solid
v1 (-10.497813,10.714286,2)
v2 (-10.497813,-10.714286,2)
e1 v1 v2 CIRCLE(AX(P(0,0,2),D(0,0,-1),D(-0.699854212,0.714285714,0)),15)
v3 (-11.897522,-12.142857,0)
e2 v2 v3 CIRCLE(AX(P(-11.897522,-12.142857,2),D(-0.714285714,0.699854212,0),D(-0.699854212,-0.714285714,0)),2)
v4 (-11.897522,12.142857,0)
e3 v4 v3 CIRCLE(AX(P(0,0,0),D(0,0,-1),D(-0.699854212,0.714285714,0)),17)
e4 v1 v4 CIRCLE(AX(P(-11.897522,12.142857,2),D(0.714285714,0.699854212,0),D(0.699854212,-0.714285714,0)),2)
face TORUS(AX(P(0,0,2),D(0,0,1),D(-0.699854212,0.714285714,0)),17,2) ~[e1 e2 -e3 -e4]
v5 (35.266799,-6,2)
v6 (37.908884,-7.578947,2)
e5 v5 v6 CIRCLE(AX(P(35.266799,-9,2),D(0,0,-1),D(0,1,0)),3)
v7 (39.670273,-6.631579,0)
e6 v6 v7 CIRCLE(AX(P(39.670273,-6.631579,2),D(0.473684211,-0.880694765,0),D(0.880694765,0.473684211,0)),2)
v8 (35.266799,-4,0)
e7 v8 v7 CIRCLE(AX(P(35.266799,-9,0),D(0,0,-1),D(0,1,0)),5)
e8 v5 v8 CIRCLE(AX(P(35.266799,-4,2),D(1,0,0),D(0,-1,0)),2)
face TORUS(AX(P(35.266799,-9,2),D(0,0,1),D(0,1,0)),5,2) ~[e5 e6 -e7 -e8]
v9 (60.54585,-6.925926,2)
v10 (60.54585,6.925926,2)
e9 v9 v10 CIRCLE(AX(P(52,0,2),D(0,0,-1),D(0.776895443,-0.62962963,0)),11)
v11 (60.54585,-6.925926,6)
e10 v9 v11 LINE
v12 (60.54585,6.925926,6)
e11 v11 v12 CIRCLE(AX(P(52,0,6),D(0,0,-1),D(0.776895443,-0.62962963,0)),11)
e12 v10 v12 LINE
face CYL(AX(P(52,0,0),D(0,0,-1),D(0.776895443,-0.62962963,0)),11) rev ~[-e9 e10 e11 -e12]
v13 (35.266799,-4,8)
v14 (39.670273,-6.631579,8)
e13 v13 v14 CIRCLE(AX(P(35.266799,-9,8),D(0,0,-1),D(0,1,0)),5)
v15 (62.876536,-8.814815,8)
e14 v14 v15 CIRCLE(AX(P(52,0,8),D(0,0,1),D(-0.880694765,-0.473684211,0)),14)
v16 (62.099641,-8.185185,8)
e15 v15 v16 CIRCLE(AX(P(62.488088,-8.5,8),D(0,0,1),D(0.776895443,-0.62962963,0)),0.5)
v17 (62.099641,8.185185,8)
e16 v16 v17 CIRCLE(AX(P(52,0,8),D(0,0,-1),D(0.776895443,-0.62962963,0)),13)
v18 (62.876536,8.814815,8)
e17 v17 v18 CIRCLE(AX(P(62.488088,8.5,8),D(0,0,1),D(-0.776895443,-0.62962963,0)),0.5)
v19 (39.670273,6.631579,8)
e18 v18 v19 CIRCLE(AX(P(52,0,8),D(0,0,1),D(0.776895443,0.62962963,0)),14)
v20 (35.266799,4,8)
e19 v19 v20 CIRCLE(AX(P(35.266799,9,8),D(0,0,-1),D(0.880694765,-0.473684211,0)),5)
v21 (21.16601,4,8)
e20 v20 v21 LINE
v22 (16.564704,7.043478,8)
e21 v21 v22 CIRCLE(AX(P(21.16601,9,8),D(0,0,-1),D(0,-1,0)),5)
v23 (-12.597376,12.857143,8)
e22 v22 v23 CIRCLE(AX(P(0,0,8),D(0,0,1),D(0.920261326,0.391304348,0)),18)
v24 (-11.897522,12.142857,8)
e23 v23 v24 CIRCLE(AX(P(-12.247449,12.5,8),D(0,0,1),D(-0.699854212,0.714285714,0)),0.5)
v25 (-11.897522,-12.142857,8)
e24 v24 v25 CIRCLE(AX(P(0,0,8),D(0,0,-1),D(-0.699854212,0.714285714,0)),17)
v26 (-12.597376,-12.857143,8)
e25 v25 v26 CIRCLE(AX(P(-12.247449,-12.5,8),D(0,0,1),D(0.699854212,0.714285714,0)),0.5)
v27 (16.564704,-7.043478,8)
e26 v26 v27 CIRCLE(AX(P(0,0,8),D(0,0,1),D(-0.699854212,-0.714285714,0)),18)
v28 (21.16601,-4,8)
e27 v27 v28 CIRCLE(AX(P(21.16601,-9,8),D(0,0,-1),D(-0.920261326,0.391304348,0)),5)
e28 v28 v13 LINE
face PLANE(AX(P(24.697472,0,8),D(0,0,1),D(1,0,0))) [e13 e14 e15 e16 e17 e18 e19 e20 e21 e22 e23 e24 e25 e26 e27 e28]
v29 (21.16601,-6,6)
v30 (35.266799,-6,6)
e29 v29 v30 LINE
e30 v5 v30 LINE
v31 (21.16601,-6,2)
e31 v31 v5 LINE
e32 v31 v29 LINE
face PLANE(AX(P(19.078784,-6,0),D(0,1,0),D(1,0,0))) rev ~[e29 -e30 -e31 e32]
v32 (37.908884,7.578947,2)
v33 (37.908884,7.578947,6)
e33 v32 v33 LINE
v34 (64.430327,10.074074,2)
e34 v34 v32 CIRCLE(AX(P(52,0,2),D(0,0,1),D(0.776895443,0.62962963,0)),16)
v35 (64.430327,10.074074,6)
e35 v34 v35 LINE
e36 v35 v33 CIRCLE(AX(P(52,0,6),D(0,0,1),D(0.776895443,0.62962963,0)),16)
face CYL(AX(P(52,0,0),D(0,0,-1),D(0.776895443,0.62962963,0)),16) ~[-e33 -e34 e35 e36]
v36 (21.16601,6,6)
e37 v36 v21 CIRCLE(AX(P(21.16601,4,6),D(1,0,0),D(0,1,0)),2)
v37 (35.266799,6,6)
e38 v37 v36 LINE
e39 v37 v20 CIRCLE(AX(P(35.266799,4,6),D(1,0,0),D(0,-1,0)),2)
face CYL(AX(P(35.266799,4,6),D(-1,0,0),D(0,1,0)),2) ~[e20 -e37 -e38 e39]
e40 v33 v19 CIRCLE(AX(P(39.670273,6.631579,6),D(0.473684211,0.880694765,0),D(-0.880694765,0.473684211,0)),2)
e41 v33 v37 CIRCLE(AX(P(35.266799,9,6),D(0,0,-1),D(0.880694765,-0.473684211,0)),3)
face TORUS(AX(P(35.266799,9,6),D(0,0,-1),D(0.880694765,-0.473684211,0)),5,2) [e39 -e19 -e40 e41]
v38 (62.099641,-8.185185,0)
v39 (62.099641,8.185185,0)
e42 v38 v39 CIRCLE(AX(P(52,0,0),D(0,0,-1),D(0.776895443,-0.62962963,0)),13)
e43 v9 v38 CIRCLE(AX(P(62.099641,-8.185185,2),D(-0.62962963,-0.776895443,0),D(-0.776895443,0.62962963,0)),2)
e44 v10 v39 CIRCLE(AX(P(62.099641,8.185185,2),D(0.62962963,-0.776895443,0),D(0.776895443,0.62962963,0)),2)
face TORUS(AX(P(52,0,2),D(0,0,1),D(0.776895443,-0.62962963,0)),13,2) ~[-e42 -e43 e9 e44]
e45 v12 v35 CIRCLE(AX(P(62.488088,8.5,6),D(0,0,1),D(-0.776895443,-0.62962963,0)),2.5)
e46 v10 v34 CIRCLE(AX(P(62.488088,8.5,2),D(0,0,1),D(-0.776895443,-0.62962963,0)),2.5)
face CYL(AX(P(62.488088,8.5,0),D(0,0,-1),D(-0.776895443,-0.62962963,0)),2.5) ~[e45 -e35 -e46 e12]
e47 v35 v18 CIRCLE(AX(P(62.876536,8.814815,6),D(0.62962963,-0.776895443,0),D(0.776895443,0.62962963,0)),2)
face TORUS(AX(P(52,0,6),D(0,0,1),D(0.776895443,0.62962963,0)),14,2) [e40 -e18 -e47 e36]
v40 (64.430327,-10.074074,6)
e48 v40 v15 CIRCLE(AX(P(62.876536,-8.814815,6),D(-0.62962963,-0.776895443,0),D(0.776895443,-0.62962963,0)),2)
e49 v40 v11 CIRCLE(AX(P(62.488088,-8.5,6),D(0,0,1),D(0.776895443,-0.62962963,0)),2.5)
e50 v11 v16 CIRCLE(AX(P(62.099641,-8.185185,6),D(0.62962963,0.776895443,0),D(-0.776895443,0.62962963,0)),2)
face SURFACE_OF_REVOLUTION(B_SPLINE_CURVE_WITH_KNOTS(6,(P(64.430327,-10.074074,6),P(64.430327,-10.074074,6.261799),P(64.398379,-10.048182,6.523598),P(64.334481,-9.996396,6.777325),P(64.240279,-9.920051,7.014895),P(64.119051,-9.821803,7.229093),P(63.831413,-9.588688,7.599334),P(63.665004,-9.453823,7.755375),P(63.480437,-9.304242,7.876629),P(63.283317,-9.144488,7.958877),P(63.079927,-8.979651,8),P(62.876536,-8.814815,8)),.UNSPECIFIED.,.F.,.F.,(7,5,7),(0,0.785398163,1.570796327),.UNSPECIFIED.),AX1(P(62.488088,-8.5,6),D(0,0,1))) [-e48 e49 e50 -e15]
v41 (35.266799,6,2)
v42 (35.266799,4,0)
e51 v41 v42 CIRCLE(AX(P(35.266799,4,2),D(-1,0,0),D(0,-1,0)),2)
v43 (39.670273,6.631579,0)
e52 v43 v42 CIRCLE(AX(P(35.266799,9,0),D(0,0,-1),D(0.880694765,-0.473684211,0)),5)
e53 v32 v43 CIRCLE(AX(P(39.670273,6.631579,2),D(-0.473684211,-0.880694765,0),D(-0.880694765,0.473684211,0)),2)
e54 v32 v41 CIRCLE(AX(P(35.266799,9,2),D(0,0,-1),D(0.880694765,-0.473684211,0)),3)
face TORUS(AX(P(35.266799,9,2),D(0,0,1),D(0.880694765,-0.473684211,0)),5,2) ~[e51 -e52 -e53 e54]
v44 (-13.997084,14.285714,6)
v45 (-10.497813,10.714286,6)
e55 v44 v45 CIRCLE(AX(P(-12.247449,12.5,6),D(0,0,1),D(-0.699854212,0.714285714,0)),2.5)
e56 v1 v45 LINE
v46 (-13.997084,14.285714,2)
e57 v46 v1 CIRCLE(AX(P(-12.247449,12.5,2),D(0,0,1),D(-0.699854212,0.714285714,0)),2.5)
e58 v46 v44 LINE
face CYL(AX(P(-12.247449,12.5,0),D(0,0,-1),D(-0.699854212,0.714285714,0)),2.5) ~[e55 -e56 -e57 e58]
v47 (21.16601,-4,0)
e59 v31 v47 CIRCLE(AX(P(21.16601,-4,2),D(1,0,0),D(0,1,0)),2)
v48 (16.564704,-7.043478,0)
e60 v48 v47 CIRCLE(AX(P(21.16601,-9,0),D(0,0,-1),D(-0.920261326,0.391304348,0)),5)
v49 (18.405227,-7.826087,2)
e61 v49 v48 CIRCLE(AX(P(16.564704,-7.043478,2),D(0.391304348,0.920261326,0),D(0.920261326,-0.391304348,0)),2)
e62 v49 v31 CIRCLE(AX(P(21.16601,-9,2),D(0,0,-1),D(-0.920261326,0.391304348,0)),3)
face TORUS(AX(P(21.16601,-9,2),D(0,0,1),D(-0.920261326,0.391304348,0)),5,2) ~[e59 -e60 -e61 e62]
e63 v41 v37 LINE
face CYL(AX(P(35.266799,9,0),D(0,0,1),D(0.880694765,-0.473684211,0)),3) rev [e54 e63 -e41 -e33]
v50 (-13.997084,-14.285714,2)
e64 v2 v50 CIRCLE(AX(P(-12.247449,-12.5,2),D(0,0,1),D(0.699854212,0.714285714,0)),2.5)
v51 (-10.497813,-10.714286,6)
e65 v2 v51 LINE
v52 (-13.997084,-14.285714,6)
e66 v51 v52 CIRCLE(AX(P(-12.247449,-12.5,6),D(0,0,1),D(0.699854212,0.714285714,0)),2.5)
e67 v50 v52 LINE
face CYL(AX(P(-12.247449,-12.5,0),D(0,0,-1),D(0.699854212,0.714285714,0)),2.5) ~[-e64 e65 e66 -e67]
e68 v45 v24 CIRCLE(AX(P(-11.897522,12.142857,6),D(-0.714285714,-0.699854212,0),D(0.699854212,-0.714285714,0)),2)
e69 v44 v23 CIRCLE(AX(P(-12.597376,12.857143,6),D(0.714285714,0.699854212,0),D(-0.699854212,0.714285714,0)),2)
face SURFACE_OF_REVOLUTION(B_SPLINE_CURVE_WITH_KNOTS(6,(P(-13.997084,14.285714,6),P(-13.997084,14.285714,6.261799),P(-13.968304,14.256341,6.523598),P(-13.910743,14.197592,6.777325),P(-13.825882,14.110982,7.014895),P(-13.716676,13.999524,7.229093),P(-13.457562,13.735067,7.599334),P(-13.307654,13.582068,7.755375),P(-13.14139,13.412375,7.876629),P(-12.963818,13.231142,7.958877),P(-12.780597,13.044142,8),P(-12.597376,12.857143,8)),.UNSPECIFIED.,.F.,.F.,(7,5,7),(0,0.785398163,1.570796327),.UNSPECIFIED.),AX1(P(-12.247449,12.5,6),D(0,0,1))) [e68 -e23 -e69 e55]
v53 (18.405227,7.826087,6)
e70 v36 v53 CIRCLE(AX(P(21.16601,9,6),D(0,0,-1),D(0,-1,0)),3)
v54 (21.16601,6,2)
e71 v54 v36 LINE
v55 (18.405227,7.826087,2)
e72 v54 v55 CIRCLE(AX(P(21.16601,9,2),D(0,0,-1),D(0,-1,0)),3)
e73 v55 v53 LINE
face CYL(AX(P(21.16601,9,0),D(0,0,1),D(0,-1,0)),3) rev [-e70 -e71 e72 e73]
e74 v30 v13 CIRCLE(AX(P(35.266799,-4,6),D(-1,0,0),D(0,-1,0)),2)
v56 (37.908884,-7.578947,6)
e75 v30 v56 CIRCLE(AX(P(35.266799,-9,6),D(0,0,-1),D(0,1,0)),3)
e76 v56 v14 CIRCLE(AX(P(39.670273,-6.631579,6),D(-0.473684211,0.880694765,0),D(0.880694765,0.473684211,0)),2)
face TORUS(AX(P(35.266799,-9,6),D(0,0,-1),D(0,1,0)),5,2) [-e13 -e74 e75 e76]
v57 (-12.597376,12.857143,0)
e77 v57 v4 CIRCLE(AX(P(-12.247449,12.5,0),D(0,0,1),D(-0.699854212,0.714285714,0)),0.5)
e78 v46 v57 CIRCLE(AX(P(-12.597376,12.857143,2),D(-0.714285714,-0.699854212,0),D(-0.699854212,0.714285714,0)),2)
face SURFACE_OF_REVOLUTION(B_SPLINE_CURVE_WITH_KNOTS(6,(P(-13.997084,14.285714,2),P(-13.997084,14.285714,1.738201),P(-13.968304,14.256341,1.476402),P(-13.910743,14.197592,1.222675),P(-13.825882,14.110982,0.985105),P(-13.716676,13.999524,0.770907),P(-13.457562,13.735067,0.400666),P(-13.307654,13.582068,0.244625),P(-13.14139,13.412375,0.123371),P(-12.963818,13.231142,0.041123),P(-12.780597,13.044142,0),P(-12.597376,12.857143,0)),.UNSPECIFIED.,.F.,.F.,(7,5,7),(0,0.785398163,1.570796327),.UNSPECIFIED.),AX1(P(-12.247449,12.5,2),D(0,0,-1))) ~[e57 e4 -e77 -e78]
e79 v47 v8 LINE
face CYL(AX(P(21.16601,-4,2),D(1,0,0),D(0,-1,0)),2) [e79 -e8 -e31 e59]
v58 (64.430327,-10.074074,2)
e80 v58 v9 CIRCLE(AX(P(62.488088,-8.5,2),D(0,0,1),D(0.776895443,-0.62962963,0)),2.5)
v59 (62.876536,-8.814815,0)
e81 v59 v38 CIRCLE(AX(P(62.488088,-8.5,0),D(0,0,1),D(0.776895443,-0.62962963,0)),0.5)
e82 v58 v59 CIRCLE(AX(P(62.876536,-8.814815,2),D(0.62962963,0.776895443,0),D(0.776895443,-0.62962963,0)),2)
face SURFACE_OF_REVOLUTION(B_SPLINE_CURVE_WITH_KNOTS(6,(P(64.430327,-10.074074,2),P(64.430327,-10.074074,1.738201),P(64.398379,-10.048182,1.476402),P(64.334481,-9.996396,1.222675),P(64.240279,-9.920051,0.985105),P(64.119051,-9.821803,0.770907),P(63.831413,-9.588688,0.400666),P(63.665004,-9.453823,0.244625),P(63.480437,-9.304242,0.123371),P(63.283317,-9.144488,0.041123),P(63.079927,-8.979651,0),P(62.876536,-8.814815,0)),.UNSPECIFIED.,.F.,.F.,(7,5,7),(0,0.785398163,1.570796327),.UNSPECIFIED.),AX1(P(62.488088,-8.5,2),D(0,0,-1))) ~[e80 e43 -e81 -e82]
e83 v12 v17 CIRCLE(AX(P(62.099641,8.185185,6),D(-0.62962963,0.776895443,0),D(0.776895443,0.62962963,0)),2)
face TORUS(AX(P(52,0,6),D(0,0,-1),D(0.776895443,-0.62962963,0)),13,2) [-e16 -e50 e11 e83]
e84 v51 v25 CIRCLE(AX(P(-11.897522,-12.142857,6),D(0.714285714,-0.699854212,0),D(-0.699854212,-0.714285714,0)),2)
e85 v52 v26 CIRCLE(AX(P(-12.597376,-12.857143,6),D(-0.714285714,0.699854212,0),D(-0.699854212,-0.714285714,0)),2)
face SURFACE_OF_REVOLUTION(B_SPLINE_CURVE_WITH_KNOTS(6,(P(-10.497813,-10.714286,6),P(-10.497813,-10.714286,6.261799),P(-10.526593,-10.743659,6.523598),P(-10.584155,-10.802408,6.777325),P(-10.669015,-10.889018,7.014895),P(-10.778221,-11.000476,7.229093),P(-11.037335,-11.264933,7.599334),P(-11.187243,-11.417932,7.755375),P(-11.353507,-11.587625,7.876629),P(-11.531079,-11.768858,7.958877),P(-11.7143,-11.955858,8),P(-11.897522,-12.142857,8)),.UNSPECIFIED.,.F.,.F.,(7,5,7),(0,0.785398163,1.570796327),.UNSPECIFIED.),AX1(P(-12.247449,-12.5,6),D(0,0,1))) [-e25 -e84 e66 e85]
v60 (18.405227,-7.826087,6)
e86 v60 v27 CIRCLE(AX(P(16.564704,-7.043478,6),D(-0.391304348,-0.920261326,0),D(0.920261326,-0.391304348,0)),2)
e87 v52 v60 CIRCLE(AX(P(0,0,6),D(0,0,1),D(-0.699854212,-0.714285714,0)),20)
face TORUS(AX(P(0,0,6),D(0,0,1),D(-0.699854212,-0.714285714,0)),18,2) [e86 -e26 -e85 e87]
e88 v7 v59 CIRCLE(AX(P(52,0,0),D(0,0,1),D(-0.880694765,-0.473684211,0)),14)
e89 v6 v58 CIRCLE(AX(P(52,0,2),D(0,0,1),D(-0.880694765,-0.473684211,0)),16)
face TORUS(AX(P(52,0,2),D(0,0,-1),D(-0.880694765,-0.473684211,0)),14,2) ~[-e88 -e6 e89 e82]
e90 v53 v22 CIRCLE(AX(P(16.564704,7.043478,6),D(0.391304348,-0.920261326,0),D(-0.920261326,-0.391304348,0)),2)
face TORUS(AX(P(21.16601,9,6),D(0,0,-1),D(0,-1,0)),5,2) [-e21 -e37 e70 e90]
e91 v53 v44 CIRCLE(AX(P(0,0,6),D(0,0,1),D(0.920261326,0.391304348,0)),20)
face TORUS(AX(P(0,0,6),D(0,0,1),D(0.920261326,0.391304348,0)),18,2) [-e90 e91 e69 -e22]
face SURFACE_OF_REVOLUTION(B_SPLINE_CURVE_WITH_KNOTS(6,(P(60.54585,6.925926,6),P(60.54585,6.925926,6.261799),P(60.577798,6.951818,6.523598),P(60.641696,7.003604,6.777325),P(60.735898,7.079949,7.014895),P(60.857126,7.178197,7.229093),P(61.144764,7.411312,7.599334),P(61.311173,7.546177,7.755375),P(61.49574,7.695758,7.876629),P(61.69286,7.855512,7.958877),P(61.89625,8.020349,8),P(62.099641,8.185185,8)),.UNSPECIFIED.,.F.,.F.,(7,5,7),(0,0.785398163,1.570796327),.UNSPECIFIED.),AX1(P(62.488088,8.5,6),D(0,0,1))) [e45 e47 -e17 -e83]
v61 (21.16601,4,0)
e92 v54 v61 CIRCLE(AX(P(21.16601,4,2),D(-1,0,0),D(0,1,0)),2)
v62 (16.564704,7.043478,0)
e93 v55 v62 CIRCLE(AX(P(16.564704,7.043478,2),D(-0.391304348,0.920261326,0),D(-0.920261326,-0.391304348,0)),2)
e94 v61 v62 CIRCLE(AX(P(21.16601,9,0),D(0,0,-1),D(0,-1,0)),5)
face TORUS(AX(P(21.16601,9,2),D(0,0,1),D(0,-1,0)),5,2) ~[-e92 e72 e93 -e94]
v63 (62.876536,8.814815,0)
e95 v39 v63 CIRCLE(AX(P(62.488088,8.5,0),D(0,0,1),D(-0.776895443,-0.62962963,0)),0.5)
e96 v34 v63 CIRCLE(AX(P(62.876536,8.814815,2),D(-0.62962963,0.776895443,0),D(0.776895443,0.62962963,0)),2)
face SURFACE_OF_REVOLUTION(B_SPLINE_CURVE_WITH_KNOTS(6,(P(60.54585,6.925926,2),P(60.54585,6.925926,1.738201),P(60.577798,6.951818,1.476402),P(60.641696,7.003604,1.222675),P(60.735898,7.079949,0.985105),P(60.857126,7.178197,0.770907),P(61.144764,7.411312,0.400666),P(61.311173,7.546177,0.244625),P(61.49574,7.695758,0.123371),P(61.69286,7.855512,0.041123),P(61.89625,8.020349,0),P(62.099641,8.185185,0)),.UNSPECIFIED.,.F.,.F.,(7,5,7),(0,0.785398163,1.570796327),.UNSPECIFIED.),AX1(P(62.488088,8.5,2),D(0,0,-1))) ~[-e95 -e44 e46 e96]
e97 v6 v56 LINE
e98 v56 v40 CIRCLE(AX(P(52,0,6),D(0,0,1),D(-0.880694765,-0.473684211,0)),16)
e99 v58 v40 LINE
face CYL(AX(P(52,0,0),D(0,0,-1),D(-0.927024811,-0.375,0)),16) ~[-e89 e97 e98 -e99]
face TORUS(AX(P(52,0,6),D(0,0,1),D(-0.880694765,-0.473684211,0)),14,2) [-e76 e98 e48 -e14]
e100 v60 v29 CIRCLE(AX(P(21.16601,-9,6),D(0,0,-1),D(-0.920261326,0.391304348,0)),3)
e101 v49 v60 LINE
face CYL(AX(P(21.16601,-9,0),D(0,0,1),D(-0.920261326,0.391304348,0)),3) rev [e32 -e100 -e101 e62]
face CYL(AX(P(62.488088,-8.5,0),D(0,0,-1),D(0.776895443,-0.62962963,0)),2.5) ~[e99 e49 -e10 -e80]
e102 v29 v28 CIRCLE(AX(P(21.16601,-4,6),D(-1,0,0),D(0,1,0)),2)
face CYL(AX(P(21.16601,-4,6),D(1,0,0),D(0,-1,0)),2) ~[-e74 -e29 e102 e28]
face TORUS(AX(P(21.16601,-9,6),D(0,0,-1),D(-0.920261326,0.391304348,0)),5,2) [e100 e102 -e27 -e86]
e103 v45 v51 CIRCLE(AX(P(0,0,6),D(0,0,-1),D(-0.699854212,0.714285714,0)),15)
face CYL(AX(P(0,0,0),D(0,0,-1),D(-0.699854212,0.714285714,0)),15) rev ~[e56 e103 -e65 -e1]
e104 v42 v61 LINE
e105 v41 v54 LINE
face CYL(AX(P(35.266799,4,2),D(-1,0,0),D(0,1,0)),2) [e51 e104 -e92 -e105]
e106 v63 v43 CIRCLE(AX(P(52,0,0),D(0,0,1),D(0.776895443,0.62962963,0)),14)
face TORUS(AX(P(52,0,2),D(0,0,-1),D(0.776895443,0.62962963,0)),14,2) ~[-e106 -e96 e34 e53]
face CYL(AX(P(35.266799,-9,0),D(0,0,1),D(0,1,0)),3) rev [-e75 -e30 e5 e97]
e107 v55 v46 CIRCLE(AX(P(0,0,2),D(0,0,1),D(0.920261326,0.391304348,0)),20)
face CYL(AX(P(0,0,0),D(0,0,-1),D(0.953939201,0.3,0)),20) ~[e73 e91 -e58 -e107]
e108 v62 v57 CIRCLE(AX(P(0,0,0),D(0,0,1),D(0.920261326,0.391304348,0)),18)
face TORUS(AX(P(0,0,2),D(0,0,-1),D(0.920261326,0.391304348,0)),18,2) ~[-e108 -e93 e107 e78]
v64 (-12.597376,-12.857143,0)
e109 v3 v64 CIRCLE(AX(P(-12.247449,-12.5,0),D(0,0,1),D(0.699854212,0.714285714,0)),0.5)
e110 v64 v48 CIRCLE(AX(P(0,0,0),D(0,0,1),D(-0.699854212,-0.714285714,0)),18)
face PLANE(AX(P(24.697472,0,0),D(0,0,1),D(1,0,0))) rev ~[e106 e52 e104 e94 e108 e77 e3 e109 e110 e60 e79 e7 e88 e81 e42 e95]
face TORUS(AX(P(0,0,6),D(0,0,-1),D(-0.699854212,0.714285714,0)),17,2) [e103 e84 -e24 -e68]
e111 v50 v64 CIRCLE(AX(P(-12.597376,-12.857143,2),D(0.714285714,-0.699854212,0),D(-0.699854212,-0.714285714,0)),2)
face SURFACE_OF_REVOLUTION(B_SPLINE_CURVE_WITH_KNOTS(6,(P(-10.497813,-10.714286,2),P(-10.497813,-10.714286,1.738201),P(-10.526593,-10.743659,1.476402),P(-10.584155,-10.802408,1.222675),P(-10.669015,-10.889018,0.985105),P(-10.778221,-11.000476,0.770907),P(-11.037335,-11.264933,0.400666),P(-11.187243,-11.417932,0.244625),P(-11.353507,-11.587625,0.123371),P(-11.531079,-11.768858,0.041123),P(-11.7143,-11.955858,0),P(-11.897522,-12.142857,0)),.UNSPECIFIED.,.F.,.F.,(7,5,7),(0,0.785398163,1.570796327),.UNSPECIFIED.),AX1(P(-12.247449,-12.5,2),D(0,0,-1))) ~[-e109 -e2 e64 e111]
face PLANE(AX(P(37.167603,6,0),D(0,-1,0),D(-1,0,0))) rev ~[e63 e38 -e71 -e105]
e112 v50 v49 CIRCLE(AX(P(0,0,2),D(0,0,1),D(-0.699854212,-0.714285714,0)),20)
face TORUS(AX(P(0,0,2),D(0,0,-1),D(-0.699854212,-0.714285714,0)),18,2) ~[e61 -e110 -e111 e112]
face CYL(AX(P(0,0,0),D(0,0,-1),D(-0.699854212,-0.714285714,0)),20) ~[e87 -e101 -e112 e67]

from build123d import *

# Parameters (mm, degrees)
F2_DEPTH = 8
F3_R     = 3
F4_R     = 2


with BuildPart() as f2:
    # F1 (on Top) → F2 (new body)
    with BuildSketch(Plane.XY):
        with BuildLine():
            ThreePointArc((-10.4978131834, 10.7142857143), (15, 0), (-10.4978131834, -10.7142857143))
            ThreePointArc((-10.4978131834, -10.7142857143), (-14.0331629996, -10.7503644694), (-13.9970842445, -14.2857142857))
            ThreePointArc((-13.9970842445, -14.2857142857), (4.8599571479, -19.4005365008), (19.0787840283, -6))
            Line((19.0787840283, -6), (37.1676030258, -6))
            ThreePointArc((37.1676030258, -6), (49.6352579796, -15.8242849815), (64.4303270894, -10.0740740741))
            ThreePointArc((64.4303270894, -10.0740740741), (64.0621625558, -6.5577613923), (60.545849874, -6.9259259259))
            ThreePointArc((60.545849874, -6.9259259259), (41, 0), (60.545849874, 6.9259259259))
            ThreePointArc((60.545849874, 6.9259259259), (64.0621625558, 6.5577613923), (64.4303270894, 10.0740740741))
            ThreePointArc((64.4303270894, 10.0740740741), (49.6352579796, 15.8242849815), (37.1676030258, 6))
            Line((37.1676030258, 6), (19.0787840283, 6))
            ThreePointArc((19.0787840283, 6), (4.8599571479, 19.4005365008), (-13.9970842445, 14.2857142857))
            ThreePointArc((-13.9970842445, 14.2857142857), (-14.0331629996, 10.7503644694), (-10.4978131834, 10.7142857143))
        make_face()
    extrude(amount=F2_DEPTH)

    # F3
    f3_edges = [f2.edges().sort_by_distance(p)[0] for p in [
        (19.078784, -6, 4),
        (37.167603, -6, 4),
        (19.078784, 6, 4),
        (37.167603, 6, 4),
    ]]
    fillet(f3_edges, radius=F3_R)

    # F4
    f4_edges = [f2.edges().sort_by_distance(p)[0] for p in [
        (3.910195, -19.614035, 8),
        (19.510979, -6.497827, 8),
        (-14.033163, -10.750364, 8),
        (28.216405, -6, 8),
        (15, 0, 8),
        (36.805767, -6.424815, 8),
        (-14.033163, 10.750364, 8),
        (50.501344, -15.929659, 8),
        (3.910195, 19.614035, 8),
        (64.062163, -6.557761, 8),
        (19.510979, 6.497827, 8),
        (41, 0, 8),
        (28.216405, 6, 8),
        (64.062163, 6.557761, 8),
        (36.805767, 6.424815, 8),
        (50.501344, 15.929659, 8),
        (3.910195, -19.614035, 0),
        (19.510979, -6.497827, 0),
        (-14.033163, -10.750364, 0),
        (28.216405, -6, 0),
        (15, 0, 0),
        (36.805767, -6.424815, 0),
        (-14.033163, 10.750364, 0),
        (50.501344, -15.929659, 0),
        (3.910195, 19.614035, 0),
        (64.062163, -6.557761, 0),
        (19.510979, 6.497827, 0),
        (41, 0, 0),
        (28.216405, 6, 0),
        (64.062163, 6.557761, 0),
        (36.805767, 6.424815, 0),
        (50.501344, 15.929659, 0),
    ]]
    fillet(f4_edges, radius=F4_R)


solid = f2.part
